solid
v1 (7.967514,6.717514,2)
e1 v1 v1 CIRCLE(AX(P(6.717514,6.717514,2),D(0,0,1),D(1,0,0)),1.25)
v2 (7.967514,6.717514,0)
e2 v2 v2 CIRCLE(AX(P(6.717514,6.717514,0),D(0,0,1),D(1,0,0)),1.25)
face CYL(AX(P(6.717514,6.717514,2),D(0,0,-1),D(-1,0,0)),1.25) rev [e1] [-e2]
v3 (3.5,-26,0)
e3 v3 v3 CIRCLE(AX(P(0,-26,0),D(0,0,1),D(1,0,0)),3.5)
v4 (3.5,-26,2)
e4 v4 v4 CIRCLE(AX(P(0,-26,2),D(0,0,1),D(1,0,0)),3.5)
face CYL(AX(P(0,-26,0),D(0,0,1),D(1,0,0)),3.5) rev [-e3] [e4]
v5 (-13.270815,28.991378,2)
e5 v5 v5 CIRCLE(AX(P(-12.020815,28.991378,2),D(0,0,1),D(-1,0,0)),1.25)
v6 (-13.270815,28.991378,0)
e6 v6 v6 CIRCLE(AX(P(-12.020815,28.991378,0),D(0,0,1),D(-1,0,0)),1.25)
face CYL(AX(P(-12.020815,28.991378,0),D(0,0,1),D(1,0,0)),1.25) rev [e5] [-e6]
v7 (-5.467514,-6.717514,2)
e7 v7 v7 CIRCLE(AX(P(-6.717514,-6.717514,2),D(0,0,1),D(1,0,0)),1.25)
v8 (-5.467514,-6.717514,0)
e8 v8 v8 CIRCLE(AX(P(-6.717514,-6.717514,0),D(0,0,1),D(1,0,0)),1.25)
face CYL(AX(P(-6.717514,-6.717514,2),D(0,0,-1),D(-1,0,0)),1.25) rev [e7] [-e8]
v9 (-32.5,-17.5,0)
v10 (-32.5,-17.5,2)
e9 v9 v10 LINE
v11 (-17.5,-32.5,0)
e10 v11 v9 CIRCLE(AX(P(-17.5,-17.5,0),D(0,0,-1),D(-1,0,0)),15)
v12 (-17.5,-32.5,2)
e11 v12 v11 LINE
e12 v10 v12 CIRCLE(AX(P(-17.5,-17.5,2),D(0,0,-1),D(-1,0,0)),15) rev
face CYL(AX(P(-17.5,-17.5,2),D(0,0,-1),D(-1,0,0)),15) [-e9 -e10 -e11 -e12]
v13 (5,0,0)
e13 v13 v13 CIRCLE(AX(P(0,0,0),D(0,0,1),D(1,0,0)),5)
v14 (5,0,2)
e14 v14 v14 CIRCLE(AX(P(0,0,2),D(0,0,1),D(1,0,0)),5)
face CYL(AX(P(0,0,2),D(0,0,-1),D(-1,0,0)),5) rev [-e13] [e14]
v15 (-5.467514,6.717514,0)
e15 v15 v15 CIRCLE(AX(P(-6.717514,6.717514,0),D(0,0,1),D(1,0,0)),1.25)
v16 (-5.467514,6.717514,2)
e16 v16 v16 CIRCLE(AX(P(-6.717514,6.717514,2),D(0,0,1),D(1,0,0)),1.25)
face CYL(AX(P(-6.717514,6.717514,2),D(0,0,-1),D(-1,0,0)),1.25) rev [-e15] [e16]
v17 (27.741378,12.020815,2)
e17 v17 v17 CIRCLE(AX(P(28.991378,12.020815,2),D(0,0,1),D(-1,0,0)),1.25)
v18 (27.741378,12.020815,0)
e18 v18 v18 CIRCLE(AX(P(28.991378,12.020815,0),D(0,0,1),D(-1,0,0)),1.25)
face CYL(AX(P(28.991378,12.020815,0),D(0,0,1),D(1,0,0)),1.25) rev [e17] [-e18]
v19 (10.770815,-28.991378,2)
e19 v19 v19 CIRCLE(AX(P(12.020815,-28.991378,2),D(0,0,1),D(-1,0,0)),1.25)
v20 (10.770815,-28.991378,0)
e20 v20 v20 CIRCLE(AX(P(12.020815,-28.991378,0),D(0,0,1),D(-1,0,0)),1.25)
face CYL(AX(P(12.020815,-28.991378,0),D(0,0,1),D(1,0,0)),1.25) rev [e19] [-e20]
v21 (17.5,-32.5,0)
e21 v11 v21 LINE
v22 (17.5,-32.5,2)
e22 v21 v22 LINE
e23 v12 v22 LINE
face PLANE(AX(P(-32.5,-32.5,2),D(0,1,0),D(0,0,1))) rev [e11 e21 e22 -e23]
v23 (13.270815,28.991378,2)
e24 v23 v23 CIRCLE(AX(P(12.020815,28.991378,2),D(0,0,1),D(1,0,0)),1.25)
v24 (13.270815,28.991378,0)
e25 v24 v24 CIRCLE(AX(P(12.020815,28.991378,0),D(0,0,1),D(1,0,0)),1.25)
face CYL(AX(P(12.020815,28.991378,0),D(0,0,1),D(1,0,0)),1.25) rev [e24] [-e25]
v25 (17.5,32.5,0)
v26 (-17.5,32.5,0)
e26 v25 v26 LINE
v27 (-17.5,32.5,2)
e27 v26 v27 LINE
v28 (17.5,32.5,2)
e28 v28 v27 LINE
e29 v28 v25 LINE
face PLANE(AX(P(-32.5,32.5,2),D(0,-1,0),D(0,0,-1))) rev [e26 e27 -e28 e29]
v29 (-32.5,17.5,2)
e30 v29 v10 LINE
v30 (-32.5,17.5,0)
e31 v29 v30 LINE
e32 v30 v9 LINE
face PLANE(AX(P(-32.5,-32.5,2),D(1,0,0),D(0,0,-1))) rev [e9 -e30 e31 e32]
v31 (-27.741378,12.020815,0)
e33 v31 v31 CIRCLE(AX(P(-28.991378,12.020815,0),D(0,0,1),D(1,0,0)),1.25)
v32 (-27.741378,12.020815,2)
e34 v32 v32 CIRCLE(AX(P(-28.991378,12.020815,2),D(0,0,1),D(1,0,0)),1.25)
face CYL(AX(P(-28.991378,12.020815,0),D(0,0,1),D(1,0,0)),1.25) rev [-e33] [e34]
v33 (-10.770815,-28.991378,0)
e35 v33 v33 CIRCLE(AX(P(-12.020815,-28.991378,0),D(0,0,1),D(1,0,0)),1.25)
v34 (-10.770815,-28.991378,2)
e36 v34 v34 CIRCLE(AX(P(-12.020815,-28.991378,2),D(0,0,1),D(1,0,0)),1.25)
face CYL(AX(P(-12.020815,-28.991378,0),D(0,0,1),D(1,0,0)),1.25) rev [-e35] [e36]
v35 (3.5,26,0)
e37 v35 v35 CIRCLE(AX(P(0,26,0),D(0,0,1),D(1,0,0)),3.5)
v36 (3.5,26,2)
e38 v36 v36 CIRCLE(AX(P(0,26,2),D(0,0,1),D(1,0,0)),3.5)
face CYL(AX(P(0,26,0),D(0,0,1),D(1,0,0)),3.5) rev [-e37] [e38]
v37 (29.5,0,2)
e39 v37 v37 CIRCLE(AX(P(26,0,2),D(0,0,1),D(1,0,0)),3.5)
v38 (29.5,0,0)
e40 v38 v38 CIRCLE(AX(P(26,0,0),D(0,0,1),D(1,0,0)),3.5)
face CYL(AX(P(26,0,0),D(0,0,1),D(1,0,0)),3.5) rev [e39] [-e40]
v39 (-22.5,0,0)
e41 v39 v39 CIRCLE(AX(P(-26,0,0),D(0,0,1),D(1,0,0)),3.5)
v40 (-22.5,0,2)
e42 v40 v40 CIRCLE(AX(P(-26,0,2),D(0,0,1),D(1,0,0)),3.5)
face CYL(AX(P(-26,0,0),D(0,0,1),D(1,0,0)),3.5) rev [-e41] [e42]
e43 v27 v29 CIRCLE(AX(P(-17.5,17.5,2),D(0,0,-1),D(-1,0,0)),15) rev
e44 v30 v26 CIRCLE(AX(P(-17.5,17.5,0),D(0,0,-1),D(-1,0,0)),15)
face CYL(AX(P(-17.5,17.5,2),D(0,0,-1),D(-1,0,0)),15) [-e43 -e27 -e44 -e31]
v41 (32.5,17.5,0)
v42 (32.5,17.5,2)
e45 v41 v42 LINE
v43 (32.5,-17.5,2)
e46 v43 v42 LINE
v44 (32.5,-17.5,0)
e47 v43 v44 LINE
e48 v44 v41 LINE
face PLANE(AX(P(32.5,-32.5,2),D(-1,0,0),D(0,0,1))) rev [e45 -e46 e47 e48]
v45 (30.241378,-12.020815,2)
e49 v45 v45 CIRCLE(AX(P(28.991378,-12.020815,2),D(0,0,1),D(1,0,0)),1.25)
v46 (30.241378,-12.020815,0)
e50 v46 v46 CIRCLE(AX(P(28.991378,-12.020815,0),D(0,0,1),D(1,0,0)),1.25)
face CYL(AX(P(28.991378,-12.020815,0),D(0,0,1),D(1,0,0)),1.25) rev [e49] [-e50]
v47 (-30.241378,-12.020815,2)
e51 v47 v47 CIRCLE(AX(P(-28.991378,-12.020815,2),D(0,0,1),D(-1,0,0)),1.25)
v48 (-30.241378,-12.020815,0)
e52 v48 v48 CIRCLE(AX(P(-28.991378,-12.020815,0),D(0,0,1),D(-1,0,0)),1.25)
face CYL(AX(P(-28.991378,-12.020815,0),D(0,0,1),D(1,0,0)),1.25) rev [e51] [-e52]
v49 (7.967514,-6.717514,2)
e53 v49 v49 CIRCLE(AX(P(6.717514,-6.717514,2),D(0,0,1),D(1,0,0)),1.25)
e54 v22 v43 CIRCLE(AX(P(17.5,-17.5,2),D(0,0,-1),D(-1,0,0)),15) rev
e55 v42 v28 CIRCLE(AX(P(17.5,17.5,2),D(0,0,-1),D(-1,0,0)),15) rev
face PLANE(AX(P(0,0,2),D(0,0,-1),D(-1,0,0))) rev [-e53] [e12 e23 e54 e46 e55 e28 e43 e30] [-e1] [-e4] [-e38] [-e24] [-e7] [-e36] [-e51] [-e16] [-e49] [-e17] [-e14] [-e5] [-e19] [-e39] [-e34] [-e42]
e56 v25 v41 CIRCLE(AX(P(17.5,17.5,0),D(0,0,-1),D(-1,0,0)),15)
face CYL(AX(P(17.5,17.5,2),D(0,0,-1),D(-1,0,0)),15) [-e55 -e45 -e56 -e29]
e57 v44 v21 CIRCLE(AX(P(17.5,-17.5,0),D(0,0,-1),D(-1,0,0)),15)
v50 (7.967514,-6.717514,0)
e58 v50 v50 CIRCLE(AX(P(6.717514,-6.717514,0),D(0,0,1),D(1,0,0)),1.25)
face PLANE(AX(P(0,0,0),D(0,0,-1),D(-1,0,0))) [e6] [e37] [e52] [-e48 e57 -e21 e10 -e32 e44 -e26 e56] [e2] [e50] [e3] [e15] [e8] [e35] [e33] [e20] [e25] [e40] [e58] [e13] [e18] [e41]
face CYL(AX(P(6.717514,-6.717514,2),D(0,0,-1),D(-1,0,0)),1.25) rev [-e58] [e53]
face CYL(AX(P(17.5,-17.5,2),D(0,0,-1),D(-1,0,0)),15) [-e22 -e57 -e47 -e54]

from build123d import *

# Parameters (mm, degrees)
CROQUIS1_W              = 65
CROQUIS1_H              = 65
CROQUIS1_R              = 5
CROQUIS1_R_2            = 1.25
SALIENTE_EXTRUIR1_DEPTH = 2
REDONDEO1_R             = 15
CROQUIS2_R              = 3.5
CORTAR_EXTRUIR1_DEPTH   = 2
CROQUIS3_R              = 1.25
CORTAR_EXTRUIR2_DEPTH   = 2


with BuildPart() as part:
    # Croquis1 → Saliente-Extruir1 (new body)
    with BuildSketch(Plane.XY):
        Rectangle(CROQUIS1_W, CROQUIS1_H)
        Circle(CROQUIS1_R, mode=Mode.SUBTRACT)
        with Locations((-6.717514421, 6.717514421)):
            Circle(CROQUIS1_R_2, mode=Mode.SUBTRACT)
        with Locations((6.717514421, 6.717514421)):
            Circle(CROQUIS1_R_2, mode=Mode.SUBTRACT)
        with Locations((6.717514421, -6.717514421)):
            Circle(CROQUIS1_R_2, mode=Mode.SUBTRACT)
        with Locations((-6.717514421, -6.717514421)):
            Circle(CROQUIS1_R_2, mode=Mode.SUBTRACT)
    extrude(amount=SALIENTE_EXTRUIR1_DEPTH)

    # Redondeo1
    redondeo1_edges = [part.edges().sort_by_distance(p)[0] for p in [
        (32.5, -32.5, 1),
        (-32.5, -32.5, 1),
        (-32.5, 32.5, 1),
        (32.5, 32.5, 1),
    ]]
    fillet(redondeo1_edges, radius=REDONDEO1_R)

    # Croquis2 → Cortar-Extruir1 (cut)
    with BuildSketch(Plane.XY.offset(2)):
        with Locations((-26, 0)):
            Circle(CROQUIS2_R)
        with Locations((0, 26)):
            Circle(CROQUIS2_R)
        with Locations((26, 0)):
            Circle(CROQUIS2_R)
        with Locations((0, -26)):
            Circle(CROQUIS2_R)
    extrude(amount=-CORTAR_EXTRUIR1_DEPTH, mode=Mode.SUBTRACT)

    # Croquis3 → Cortar-Extruir2 (cut)
    with BuildSketch(Plane.XY.offset(2)):
        with Locations((-28.991378029, 12.02081528)):
            Circle(CROQUIS3_R)
        with Locations(Location((-12.02081528, 28.991378029, 0), (0, 0, 180))):
            Circle(CROQUIS3_R)
        with Locations((12.02081528, 28.991378029)):
            Circle(CROQUIS3_R)
        with Locations(Location((28.991378029, 12.02081528, 0), (0, 0, 180))):
            Circle(CROQUIS3_R)
        with Locations((28.991378029, -12.02081528)):
            Circle(CROQUIS3_R)
        with Locations(Location((12.02081528, -28.991378029, 0), (0, 0, 180))):
            Circle(CROQUIS3_R)
        with Locations((-12.02081528, -28.991378029)):
            Circle(CROQUIS3_R)
        with Locations(Location((-28.991378029, -12.02081528, 0), (0, 0, 180))):
            Circle(CROQUIS3_R)
    extrude(amount=-CORTAR_EXTRUIR2_DEPTH, mode=Mode.SUBTRACT)


solid = part.part
